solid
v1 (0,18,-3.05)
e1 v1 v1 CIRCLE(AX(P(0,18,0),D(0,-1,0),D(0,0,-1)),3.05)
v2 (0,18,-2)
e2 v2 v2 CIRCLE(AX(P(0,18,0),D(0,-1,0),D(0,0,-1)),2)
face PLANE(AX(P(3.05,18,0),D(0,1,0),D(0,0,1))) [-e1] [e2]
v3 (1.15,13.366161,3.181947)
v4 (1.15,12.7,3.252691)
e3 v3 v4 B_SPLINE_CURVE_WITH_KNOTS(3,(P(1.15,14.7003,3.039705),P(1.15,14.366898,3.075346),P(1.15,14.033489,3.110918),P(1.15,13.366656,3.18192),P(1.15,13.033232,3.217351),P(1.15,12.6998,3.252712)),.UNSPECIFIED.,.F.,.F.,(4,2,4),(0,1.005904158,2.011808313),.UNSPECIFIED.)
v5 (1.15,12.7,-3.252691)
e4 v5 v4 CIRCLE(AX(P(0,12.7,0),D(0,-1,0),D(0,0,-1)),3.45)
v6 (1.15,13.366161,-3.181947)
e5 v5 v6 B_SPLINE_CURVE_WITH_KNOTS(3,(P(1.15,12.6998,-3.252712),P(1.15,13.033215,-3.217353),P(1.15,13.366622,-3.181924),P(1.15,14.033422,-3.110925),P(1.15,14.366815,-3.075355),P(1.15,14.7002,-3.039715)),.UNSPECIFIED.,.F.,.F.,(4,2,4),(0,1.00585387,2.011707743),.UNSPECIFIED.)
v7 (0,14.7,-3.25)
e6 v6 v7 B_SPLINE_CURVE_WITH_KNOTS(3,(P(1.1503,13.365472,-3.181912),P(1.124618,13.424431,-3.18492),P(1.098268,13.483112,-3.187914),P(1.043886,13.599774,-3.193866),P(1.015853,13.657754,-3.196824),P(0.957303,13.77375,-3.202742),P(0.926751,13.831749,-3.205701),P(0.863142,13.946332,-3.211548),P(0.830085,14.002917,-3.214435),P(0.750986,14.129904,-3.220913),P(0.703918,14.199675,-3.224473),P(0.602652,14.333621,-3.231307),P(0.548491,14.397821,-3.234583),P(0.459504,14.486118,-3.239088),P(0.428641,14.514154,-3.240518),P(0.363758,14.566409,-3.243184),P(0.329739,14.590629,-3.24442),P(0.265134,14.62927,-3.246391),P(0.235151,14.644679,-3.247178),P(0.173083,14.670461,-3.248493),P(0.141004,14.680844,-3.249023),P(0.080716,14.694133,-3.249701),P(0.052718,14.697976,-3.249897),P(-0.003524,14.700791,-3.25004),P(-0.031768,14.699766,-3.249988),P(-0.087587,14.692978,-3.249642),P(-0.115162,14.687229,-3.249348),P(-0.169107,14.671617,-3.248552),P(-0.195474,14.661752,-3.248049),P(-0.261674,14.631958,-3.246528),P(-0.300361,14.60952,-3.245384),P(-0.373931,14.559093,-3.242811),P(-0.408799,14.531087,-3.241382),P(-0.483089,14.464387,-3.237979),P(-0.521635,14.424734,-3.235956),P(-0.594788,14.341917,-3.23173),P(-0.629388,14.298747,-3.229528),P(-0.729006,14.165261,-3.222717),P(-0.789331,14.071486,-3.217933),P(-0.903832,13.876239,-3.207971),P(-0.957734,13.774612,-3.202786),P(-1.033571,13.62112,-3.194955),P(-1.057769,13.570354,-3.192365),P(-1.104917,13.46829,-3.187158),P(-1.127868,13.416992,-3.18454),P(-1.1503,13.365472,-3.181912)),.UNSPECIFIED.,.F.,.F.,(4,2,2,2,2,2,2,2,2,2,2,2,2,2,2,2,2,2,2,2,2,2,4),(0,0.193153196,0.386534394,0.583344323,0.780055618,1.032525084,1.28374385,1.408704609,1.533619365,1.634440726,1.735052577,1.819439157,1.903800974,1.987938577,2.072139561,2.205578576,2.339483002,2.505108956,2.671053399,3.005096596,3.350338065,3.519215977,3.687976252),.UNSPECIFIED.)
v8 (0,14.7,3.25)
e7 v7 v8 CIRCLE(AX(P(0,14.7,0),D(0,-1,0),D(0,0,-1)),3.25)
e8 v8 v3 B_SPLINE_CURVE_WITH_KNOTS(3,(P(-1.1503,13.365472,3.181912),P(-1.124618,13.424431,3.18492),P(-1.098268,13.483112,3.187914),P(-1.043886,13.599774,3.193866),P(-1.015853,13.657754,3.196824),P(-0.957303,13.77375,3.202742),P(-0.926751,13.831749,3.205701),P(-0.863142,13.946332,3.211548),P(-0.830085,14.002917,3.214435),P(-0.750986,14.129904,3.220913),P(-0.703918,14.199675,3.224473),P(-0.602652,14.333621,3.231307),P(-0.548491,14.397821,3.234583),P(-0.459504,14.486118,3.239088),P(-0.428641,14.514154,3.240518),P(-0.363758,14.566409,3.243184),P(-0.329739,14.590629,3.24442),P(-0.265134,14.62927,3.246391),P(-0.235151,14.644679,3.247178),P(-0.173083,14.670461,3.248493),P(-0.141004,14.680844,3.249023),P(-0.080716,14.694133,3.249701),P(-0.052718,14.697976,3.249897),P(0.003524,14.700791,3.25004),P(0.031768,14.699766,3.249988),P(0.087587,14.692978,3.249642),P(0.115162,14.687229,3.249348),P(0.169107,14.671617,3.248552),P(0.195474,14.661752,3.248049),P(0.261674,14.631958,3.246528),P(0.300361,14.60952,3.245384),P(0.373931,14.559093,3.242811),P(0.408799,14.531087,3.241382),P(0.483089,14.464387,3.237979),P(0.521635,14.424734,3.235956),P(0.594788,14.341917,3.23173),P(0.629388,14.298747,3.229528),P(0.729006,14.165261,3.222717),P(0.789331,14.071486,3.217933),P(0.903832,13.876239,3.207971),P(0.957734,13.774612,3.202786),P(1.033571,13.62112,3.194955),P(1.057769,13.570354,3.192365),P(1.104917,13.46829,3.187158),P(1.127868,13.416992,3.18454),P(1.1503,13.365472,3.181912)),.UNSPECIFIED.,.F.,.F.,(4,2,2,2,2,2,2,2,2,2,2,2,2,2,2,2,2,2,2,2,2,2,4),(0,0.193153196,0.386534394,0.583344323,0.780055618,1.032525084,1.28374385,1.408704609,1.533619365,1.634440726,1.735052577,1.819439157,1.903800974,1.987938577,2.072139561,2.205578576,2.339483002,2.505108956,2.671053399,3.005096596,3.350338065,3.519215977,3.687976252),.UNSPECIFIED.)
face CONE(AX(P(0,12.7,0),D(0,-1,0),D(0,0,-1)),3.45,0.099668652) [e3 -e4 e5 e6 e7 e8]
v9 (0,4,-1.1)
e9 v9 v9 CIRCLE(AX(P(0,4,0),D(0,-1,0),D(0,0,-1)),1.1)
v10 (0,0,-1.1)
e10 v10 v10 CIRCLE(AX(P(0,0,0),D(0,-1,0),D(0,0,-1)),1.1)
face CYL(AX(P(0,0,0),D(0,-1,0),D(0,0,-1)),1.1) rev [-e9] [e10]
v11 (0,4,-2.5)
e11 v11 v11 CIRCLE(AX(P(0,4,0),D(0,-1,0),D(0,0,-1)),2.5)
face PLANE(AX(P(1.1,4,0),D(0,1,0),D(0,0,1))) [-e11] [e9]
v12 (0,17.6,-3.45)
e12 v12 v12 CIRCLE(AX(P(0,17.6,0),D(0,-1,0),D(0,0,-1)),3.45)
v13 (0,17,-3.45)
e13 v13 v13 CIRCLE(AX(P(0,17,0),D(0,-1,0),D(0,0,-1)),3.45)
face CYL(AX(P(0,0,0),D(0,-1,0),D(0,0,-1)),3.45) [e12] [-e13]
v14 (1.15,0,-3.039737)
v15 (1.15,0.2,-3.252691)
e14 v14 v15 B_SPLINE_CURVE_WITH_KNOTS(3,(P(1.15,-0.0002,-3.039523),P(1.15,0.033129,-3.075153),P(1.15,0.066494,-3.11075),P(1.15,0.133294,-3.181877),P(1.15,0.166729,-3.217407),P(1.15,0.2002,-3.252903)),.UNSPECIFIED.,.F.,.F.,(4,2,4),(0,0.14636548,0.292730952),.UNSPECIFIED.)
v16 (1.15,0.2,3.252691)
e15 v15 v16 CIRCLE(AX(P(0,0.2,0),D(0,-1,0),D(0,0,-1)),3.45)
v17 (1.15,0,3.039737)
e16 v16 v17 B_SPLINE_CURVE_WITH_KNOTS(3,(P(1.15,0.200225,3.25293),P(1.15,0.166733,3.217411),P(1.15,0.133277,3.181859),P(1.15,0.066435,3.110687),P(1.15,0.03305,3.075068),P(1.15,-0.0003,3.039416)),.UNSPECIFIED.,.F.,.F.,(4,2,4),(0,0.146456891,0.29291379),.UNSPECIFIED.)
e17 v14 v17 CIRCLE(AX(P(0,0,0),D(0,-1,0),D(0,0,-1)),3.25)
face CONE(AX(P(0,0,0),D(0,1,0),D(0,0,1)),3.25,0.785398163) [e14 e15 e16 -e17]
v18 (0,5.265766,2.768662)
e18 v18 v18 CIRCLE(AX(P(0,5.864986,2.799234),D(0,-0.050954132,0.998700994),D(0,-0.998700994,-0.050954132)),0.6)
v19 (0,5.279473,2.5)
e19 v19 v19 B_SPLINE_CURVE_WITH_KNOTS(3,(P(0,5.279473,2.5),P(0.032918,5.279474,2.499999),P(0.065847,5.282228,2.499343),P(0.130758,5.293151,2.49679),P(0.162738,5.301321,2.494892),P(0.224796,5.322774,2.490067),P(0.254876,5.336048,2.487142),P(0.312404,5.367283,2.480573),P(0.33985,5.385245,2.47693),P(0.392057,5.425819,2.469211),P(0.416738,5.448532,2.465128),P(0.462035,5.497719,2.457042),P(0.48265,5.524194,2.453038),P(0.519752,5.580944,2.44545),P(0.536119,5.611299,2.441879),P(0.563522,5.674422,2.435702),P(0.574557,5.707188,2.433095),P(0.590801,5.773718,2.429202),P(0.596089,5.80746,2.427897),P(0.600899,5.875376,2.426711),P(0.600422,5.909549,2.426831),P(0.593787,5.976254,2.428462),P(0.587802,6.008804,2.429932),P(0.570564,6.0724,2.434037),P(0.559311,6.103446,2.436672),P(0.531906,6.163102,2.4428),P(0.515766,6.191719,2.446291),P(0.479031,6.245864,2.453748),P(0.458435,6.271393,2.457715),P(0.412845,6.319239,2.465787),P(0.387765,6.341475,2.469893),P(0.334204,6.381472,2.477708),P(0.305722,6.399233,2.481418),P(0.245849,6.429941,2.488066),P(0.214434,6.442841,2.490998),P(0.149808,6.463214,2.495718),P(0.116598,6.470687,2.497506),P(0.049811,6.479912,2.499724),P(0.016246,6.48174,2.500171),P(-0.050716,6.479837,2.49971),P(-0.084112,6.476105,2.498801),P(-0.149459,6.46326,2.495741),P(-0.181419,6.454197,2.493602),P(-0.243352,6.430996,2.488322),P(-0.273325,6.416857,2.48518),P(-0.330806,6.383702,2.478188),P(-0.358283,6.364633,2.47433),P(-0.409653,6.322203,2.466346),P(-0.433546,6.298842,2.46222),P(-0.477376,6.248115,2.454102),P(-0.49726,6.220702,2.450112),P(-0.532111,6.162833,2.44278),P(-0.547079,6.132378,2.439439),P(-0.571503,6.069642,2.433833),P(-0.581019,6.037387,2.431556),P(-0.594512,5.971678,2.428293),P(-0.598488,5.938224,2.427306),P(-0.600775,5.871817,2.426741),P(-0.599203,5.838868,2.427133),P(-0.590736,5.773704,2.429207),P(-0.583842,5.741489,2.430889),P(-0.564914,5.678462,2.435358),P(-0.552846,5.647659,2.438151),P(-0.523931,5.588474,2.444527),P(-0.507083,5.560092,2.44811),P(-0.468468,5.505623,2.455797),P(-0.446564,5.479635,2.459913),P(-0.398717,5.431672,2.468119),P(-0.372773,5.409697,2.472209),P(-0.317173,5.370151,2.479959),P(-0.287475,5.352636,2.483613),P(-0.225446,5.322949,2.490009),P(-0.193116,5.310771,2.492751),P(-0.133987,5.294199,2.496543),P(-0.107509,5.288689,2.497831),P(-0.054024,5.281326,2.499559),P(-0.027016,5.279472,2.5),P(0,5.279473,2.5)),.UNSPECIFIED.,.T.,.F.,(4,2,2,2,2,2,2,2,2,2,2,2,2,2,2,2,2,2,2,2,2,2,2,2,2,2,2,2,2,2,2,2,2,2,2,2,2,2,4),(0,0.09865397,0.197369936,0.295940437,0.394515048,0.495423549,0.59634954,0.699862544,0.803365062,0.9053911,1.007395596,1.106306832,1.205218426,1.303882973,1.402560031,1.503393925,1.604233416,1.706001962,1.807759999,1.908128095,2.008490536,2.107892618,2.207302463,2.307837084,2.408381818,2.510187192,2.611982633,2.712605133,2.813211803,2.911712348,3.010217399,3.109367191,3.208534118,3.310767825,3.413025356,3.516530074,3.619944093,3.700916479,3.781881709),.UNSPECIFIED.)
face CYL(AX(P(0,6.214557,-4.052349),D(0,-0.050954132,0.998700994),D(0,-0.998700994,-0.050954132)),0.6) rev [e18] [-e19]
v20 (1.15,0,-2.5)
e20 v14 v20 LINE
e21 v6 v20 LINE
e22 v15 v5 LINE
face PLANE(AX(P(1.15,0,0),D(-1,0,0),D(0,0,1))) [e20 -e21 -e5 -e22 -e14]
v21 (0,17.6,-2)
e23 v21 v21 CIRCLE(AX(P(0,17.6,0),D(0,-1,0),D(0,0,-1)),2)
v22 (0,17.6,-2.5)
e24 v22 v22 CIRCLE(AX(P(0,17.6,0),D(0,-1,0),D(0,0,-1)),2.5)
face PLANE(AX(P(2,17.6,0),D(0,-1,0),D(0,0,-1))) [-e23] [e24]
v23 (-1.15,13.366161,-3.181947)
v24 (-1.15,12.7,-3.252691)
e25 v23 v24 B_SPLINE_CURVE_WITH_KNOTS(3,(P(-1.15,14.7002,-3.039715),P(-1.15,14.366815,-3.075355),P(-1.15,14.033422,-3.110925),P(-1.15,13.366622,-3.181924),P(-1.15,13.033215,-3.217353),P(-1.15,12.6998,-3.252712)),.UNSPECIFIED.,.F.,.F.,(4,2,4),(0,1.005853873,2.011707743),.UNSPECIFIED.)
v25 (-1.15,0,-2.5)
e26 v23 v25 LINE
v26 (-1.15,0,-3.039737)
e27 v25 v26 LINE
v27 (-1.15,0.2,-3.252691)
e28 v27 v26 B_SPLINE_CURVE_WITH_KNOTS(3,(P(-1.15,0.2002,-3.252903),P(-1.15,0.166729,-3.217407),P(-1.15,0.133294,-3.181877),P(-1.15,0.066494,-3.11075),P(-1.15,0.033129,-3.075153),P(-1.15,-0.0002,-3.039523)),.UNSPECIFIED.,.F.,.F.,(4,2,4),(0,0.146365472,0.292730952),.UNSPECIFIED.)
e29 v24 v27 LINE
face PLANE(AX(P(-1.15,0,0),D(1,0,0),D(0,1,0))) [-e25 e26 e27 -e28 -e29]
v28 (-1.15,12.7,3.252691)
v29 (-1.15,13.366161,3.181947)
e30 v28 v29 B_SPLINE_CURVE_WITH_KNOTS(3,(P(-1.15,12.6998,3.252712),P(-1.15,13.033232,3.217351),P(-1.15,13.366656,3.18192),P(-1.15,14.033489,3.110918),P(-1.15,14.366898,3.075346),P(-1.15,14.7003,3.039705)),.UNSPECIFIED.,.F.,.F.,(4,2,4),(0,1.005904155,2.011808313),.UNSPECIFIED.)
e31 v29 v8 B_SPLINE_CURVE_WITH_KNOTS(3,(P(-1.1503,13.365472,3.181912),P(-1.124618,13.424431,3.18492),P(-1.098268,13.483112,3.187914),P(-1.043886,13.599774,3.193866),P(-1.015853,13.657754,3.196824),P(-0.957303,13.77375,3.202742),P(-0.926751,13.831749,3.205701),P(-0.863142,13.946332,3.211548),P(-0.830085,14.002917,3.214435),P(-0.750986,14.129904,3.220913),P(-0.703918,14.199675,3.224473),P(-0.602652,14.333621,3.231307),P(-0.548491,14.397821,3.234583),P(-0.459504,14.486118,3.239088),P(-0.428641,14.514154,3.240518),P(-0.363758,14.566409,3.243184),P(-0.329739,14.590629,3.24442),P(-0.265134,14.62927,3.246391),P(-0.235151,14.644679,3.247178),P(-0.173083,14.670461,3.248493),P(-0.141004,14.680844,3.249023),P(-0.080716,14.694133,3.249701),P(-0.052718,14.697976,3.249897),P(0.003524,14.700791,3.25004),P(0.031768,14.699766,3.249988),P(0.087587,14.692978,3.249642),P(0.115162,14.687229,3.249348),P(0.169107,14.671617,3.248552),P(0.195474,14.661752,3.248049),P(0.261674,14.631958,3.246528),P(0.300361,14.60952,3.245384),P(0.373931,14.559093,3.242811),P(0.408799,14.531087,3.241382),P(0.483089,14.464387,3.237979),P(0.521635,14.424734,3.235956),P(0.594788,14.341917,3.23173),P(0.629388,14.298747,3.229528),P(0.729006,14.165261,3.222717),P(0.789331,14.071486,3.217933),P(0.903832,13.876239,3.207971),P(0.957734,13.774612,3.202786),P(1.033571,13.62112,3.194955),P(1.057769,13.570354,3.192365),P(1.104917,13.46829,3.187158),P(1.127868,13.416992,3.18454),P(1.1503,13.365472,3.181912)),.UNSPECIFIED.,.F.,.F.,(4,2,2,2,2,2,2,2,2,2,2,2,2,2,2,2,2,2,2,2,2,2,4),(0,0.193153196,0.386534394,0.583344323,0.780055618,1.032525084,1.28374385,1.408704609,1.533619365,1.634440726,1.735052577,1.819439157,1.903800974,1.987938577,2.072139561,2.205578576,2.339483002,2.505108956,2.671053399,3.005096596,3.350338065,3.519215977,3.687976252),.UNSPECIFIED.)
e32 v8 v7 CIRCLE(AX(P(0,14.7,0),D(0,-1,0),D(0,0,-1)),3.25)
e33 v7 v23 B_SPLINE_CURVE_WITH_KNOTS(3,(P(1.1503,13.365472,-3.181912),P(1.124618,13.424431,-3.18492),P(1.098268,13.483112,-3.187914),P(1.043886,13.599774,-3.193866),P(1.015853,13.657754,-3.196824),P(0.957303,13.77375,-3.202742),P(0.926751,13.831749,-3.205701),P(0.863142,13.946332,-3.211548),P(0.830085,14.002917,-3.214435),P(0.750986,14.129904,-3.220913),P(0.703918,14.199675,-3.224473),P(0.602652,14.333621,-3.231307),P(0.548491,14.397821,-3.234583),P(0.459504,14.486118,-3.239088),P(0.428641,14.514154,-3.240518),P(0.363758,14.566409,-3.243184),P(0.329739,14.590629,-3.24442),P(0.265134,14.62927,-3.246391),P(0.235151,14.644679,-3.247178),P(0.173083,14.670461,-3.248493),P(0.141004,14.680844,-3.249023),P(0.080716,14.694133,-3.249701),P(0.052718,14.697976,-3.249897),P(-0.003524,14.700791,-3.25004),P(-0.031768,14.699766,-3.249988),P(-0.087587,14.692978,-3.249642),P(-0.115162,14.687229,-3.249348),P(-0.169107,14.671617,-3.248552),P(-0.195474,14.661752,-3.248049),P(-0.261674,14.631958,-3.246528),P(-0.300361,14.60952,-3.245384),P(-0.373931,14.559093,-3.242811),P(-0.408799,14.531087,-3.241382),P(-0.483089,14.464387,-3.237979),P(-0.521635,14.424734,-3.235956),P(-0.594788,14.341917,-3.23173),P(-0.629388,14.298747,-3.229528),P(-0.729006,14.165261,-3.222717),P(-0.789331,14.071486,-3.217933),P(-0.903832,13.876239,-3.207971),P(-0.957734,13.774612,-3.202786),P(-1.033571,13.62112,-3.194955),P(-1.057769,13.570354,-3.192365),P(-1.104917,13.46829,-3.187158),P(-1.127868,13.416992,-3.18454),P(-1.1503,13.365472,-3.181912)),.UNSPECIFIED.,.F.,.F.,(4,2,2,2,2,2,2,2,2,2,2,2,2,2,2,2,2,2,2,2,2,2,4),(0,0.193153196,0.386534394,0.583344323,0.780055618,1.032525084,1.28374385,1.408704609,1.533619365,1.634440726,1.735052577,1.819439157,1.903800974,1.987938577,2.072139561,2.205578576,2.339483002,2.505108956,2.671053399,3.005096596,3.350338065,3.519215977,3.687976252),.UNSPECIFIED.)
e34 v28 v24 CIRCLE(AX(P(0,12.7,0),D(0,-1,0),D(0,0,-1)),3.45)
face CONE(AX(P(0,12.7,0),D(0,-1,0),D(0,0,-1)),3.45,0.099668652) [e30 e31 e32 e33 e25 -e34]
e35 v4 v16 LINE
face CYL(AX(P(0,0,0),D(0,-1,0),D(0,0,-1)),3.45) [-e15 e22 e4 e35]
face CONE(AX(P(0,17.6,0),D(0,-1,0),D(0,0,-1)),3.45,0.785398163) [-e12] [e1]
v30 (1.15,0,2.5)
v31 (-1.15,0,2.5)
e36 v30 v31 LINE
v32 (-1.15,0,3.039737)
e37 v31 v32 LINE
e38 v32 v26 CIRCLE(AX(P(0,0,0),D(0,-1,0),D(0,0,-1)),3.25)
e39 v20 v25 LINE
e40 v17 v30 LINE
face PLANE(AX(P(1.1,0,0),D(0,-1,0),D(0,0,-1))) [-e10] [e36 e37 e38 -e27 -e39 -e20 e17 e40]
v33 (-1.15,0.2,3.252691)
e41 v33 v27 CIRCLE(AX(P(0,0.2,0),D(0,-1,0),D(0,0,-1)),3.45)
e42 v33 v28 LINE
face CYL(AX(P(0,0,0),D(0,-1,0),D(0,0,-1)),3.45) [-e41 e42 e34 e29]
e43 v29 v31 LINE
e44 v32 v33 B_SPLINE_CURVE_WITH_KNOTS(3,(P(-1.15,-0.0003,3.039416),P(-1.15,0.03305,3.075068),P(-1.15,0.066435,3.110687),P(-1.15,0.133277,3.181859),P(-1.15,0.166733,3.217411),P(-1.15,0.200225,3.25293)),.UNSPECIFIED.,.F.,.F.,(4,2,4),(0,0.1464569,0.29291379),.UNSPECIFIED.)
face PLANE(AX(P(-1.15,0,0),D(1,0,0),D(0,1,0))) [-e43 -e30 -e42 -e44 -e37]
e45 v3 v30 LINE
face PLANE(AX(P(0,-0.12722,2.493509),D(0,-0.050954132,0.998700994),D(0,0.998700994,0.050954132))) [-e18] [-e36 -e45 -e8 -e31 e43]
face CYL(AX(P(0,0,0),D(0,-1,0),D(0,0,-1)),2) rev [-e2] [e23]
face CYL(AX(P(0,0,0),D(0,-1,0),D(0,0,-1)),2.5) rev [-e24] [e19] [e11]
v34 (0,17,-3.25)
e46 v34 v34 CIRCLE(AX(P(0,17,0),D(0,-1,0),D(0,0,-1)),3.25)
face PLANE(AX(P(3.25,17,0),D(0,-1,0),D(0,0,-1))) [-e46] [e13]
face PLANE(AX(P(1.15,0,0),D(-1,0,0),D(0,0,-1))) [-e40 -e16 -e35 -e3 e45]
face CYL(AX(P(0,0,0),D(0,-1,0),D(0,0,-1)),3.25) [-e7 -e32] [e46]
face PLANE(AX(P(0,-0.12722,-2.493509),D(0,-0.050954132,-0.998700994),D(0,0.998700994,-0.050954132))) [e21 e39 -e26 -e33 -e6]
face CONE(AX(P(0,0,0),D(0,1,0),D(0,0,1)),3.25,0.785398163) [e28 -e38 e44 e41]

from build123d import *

# Parameters (mm, degrees)
LOCATING_HOLE_REACH      = 21.386
LOCATING_HOLE_END_RADIUS = 2.5
LOCATINGHOLES_R          = 0.6


with BuildPart() as part:
    # MainBodyS → MAIN BODY (revolve)
    with BuildSketch(Plane.XY, mode=Mode.PRIVATE) as main_body_sk:
        Polygon((3.45, 0.2), (3.45, 12.7), (3.25, 14.7), (3.25, 17), (3.45, 17), (3.45, 17.6), (3.05, 18), (2, 18), (2, 17.6), (2.5, 17.6), (2.5, 4), (1.1, 4), (1.1, 0), (3.25, 0), align=None)
    revolve(main_body_sk.sketch.rotate(Axis((0, 0, 0), (0, 1, 0)), 90), axis=Axis((0, 0, 0), (0, 1, 0)))

    # LoftedSlotEndS → LOFTED SLOT section 0
    with BuildSketch(Plane(origin=(0, 14.7, 0), x_dir=(-1, 0, 0), z_dir=(0, -1, 0))):
        with BuildLine():
            Line((-1.15, 3.75), (1.15, 3.75))
            Line((1.15, 3.75), (1.15, 3.25))
            Line((1.15, 3.25), (-1.15, 3.25))
            Line((-1.15, 3.25), (-1.15, 3.75))
        make_face()
    # LoftedSlotStartS → LOFTED SLOT section 1
    with BuildSketch(Plane(origin=(0, 0, 0), x_dir=(-1, 0, 0), z_dir=(0, -1, 0))):
        with BuildLine():
            Line((-1.15, 3.45), (1.15, 3.45))
            Line((1.15, 3.45), (1.15, 2.5))
            Line((1.15, 2.5), (-1.15, 2.5))
            Line((-1.15, 2.5), (-1.15, 3.45))
        make_face()
    lofted_slot = loft(mode=Mode.SUBTRACT)

    # LS HM: LOFTED SLOT across plane
    add(lofted_slot.mirror(Plane.XY), mode=Mode.SUBTRACT)

    # LOCATING HOLE: up to this cylinder (the profile starts outside it)
    locating_hole_end = Plane(origin=(0, 5.864986, 0), z_dir=(0, -1, 0)) * Cylinder(LOCATING_HOLE_END_RADIUS, 48.772, mode=Mode.PRIVATE)
    # LocatingHoleS → LOCATING HOLE (cut, up to the surface)
    with BuildSketch(Plane(origin=(0, -0.127219857, 2.493509191), x_dir=(1, 0, 0), z_dir=(0, -0.050954132371911015, 0.9987009944894546)), mode=Mode.PRIVATE) as locating_hole_sk1:
        with Locations(Location((0, 6, 0), (0, 0, 270))):
            Circle(LOCATINGHOLES_R)
    locating_hole_tool1 = extrude(locating_hole_sk1.sketch, amount=-LOCATING_HOLE_REACH, mode=Mode.PRIVATE) - locating_hole_end
    add(locating_hole_tool1.solids().sort_by_distance((0, 5.864986, 2.799234))[0], mode=Mode.SUBTRACT)


solid = part.part
